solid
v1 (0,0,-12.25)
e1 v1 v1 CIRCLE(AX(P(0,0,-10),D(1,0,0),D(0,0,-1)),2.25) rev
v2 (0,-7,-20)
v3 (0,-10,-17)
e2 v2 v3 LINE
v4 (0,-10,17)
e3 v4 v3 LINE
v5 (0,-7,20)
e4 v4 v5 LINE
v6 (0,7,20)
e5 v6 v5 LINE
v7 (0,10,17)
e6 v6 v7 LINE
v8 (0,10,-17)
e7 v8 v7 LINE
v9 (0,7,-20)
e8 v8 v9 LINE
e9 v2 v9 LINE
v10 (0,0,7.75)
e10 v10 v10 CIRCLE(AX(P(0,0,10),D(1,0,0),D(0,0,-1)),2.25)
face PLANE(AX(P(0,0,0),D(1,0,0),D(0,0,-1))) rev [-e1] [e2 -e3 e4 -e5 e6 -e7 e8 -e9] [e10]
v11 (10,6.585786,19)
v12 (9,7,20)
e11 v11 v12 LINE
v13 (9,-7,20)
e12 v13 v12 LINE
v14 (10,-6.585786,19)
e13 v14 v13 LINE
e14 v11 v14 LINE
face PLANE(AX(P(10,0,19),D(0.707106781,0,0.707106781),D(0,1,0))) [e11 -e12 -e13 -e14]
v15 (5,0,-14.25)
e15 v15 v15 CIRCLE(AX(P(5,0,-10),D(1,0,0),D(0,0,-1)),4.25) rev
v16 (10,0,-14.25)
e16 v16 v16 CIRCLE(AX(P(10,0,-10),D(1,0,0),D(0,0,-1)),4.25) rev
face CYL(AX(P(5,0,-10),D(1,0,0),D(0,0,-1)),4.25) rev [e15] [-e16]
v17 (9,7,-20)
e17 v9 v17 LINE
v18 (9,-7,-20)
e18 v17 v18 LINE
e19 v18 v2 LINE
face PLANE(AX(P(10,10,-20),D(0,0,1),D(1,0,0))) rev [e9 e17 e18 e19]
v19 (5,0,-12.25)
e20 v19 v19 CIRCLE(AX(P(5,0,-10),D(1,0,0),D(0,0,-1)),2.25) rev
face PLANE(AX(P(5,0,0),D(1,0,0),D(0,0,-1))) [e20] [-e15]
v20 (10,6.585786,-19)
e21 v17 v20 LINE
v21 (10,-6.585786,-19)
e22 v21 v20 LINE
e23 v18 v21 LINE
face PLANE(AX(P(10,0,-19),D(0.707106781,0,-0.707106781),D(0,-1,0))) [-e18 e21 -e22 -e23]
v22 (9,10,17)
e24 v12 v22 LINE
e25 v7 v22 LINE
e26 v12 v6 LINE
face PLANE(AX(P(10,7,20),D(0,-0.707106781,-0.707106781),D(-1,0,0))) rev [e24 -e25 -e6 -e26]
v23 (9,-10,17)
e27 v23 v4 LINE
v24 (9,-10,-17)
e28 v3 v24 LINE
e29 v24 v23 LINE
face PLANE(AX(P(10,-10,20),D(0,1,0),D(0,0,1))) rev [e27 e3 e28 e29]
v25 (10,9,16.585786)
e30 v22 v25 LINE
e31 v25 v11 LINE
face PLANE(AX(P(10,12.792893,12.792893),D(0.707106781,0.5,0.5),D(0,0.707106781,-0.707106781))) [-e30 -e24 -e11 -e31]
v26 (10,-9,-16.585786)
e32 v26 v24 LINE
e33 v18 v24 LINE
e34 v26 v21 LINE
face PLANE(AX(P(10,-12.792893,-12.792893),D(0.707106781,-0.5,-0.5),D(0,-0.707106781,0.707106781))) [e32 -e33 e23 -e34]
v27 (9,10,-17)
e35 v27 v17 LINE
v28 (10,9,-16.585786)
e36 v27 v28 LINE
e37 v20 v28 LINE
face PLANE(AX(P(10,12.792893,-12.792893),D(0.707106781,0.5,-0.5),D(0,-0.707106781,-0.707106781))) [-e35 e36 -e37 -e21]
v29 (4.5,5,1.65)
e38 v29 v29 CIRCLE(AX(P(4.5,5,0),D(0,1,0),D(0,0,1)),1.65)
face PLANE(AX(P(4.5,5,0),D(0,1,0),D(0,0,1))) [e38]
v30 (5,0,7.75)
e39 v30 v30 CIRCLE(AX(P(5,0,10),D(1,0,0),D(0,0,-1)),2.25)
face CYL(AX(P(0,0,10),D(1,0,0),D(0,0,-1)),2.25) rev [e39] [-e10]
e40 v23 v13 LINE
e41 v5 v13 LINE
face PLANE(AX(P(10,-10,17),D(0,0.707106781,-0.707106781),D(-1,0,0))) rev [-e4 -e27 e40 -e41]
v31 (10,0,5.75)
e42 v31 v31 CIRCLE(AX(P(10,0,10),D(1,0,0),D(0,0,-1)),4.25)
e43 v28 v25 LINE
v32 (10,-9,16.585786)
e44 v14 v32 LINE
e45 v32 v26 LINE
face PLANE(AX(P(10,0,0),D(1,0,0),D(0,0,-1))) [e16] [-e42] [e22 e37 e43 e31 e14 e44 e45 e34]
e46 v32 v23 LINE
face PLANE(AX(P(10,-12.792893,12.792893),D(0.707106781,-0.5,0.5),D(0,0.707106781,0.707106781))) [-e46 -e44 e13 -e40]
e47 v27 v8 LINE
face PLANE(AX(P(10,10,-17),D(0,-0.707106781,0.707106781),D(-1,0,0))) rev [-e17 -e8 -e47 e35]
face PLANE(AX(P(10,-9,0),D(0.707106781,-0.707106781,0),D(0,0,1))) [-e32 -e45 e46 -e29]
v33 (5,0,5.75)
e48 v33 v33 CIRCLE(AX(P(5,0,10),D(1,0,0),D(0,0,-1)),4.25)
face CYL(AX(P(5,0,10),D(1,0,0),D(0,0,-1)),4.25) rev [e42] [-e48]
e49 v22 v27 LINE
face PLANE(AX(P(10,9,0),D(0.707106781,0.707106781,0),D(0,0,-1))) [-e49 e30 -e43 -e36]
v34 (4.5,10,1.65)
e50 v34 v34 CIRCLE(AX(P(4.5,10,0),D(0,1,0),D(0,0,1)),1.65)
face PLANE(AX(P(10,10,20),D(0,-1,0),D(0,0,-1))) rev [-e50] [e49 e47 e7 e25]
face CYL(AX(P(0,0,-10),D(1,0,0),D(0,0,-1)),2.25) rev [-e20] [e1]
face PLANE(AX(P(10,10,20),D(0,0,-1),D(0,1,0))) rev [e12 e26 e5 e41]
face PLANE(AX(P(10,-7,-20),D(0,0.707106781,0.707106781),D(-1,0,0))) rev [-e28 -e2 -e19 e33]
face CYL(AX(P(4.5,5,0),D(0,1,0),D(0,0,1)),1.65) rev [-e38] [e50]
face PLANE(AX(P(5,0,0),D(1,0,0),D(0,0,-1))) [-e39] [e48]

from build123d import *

# Parameters (mm, degrees)
SKETCH1_W           = 40
SKETCH1_H           = 20
BOSS_EXTRUDE1_DEPTH = 10
CHAMFER1_SIZE       = 3
CHAMFER2_SIZE       = 1
SKETCH2_R           = 2.25
CUT_EXTRUDE1_DEPTH  = 10
SKETCH2_3_R         = 4.25
SKETCH2_3_R_2       = 2.25
CUT_EXTRUDE2_DEPTH  = 5
SKETCH3_R           = 1.65
CUT_EXTRUDE3_DEPTH  = 5


with BuildPart() as part:
    # Sketch1 → Boss-Extrude1 (new body)
    with BuildSketch(Plane(origin=(0, 0, 0), x_dir=(0, 0, -1), z_dir=(1, 0, 0))):
        Rectangle(SKETCH1_W, SKETCH1_H)
    extrude(amount=BOSS_EXTRUDE1_DEPTH)

    # Chamfer1
    chamfer1_edges = [part.edges().sort_by_distance(p)[0] for p in [
        (5, 10, -20),
        (5, -10, -20),
        (5, -10, 20),
        (5, 10, 20),
    ]]
    chamfer(chamfer1_edges, length=CHAMFER1_SIZE)

    # Chamfer2
    chamfer2_edges = [part.edges().sort_by_distance(p)[0] for p in [
        (10, -8.5, -18.5),
        (10, -10, 0),
        (10, -8.5, 18.5),
        (10, 0, 20),
        (10, 8.5, 18.5),
        (10, 10, 0),
        (10, 8.5, -18.5),
        (10, 0, -20),
    ]]
    chamfer(chamfer2_edges, length=CHAMFER2_SIZE)

    # Sketch2 → Cut-Extrude1 (cut)
    with BuildSketch(Plane(origin=(10, 0, 0), x_dir=(0, 0, -1), z_dir=(1, 0, 0))):
        with Locations((-10, 0)):
            Circle(SKETCH2_R)
        with Locations((10, 0)):
            Circle(SKETCH2_R)
    extrude(amount=-CUT_EXTRUDE1_DEPTH, mode=Mode.SUBTRACT)

    # Sketch2<3> → Cut-Extrude2 (cut)
    # profile 1 of 2: a face of its own
    with BuildSketch(Plane(origin=(10, 0, 0), x_dir=(0, 0, -1), z_dir=(1, 0, 0))):
        with Locations((-10, 0)):
            Circle(SKETCH2_3_R)
        with Locations((-10, 0)):
            Circle(SKETCH2_3_R_2, mode=Mode.SUBTRACT)
    # profile 2 of 2: a face of its own
    with BuildSketch(Plane(origin=(10, 0, 0), x_dir=(0, 0, -1), z_dir=(1, 0, 0))):
        with Locations((10, 0)):
            Circle(SKETCH2_3_R)
        with Locations((10, 0)):
            Circle(SKETCH2_3_R_2, mode=Mode.SUBTRACT)
    extrude(amount=-CUT_EXTRUDE2_DEPTH, mode=Mode.SUBTRACT)

    # Sketch3 → Cut-Extrude3 (cut)
    with BuildSketch(Plane(origin=(0, 10, 0), x_dir=(1, 0, 0), z_dir=(0, 1, 0))):
        with Locations((4.5, 0)):
            Circle(SKETCH3_R)
    extrude(amount=-CUT_EXTRUDE3_DEPTH, mode=Mode.SUBTRACT)


solid = part.part
